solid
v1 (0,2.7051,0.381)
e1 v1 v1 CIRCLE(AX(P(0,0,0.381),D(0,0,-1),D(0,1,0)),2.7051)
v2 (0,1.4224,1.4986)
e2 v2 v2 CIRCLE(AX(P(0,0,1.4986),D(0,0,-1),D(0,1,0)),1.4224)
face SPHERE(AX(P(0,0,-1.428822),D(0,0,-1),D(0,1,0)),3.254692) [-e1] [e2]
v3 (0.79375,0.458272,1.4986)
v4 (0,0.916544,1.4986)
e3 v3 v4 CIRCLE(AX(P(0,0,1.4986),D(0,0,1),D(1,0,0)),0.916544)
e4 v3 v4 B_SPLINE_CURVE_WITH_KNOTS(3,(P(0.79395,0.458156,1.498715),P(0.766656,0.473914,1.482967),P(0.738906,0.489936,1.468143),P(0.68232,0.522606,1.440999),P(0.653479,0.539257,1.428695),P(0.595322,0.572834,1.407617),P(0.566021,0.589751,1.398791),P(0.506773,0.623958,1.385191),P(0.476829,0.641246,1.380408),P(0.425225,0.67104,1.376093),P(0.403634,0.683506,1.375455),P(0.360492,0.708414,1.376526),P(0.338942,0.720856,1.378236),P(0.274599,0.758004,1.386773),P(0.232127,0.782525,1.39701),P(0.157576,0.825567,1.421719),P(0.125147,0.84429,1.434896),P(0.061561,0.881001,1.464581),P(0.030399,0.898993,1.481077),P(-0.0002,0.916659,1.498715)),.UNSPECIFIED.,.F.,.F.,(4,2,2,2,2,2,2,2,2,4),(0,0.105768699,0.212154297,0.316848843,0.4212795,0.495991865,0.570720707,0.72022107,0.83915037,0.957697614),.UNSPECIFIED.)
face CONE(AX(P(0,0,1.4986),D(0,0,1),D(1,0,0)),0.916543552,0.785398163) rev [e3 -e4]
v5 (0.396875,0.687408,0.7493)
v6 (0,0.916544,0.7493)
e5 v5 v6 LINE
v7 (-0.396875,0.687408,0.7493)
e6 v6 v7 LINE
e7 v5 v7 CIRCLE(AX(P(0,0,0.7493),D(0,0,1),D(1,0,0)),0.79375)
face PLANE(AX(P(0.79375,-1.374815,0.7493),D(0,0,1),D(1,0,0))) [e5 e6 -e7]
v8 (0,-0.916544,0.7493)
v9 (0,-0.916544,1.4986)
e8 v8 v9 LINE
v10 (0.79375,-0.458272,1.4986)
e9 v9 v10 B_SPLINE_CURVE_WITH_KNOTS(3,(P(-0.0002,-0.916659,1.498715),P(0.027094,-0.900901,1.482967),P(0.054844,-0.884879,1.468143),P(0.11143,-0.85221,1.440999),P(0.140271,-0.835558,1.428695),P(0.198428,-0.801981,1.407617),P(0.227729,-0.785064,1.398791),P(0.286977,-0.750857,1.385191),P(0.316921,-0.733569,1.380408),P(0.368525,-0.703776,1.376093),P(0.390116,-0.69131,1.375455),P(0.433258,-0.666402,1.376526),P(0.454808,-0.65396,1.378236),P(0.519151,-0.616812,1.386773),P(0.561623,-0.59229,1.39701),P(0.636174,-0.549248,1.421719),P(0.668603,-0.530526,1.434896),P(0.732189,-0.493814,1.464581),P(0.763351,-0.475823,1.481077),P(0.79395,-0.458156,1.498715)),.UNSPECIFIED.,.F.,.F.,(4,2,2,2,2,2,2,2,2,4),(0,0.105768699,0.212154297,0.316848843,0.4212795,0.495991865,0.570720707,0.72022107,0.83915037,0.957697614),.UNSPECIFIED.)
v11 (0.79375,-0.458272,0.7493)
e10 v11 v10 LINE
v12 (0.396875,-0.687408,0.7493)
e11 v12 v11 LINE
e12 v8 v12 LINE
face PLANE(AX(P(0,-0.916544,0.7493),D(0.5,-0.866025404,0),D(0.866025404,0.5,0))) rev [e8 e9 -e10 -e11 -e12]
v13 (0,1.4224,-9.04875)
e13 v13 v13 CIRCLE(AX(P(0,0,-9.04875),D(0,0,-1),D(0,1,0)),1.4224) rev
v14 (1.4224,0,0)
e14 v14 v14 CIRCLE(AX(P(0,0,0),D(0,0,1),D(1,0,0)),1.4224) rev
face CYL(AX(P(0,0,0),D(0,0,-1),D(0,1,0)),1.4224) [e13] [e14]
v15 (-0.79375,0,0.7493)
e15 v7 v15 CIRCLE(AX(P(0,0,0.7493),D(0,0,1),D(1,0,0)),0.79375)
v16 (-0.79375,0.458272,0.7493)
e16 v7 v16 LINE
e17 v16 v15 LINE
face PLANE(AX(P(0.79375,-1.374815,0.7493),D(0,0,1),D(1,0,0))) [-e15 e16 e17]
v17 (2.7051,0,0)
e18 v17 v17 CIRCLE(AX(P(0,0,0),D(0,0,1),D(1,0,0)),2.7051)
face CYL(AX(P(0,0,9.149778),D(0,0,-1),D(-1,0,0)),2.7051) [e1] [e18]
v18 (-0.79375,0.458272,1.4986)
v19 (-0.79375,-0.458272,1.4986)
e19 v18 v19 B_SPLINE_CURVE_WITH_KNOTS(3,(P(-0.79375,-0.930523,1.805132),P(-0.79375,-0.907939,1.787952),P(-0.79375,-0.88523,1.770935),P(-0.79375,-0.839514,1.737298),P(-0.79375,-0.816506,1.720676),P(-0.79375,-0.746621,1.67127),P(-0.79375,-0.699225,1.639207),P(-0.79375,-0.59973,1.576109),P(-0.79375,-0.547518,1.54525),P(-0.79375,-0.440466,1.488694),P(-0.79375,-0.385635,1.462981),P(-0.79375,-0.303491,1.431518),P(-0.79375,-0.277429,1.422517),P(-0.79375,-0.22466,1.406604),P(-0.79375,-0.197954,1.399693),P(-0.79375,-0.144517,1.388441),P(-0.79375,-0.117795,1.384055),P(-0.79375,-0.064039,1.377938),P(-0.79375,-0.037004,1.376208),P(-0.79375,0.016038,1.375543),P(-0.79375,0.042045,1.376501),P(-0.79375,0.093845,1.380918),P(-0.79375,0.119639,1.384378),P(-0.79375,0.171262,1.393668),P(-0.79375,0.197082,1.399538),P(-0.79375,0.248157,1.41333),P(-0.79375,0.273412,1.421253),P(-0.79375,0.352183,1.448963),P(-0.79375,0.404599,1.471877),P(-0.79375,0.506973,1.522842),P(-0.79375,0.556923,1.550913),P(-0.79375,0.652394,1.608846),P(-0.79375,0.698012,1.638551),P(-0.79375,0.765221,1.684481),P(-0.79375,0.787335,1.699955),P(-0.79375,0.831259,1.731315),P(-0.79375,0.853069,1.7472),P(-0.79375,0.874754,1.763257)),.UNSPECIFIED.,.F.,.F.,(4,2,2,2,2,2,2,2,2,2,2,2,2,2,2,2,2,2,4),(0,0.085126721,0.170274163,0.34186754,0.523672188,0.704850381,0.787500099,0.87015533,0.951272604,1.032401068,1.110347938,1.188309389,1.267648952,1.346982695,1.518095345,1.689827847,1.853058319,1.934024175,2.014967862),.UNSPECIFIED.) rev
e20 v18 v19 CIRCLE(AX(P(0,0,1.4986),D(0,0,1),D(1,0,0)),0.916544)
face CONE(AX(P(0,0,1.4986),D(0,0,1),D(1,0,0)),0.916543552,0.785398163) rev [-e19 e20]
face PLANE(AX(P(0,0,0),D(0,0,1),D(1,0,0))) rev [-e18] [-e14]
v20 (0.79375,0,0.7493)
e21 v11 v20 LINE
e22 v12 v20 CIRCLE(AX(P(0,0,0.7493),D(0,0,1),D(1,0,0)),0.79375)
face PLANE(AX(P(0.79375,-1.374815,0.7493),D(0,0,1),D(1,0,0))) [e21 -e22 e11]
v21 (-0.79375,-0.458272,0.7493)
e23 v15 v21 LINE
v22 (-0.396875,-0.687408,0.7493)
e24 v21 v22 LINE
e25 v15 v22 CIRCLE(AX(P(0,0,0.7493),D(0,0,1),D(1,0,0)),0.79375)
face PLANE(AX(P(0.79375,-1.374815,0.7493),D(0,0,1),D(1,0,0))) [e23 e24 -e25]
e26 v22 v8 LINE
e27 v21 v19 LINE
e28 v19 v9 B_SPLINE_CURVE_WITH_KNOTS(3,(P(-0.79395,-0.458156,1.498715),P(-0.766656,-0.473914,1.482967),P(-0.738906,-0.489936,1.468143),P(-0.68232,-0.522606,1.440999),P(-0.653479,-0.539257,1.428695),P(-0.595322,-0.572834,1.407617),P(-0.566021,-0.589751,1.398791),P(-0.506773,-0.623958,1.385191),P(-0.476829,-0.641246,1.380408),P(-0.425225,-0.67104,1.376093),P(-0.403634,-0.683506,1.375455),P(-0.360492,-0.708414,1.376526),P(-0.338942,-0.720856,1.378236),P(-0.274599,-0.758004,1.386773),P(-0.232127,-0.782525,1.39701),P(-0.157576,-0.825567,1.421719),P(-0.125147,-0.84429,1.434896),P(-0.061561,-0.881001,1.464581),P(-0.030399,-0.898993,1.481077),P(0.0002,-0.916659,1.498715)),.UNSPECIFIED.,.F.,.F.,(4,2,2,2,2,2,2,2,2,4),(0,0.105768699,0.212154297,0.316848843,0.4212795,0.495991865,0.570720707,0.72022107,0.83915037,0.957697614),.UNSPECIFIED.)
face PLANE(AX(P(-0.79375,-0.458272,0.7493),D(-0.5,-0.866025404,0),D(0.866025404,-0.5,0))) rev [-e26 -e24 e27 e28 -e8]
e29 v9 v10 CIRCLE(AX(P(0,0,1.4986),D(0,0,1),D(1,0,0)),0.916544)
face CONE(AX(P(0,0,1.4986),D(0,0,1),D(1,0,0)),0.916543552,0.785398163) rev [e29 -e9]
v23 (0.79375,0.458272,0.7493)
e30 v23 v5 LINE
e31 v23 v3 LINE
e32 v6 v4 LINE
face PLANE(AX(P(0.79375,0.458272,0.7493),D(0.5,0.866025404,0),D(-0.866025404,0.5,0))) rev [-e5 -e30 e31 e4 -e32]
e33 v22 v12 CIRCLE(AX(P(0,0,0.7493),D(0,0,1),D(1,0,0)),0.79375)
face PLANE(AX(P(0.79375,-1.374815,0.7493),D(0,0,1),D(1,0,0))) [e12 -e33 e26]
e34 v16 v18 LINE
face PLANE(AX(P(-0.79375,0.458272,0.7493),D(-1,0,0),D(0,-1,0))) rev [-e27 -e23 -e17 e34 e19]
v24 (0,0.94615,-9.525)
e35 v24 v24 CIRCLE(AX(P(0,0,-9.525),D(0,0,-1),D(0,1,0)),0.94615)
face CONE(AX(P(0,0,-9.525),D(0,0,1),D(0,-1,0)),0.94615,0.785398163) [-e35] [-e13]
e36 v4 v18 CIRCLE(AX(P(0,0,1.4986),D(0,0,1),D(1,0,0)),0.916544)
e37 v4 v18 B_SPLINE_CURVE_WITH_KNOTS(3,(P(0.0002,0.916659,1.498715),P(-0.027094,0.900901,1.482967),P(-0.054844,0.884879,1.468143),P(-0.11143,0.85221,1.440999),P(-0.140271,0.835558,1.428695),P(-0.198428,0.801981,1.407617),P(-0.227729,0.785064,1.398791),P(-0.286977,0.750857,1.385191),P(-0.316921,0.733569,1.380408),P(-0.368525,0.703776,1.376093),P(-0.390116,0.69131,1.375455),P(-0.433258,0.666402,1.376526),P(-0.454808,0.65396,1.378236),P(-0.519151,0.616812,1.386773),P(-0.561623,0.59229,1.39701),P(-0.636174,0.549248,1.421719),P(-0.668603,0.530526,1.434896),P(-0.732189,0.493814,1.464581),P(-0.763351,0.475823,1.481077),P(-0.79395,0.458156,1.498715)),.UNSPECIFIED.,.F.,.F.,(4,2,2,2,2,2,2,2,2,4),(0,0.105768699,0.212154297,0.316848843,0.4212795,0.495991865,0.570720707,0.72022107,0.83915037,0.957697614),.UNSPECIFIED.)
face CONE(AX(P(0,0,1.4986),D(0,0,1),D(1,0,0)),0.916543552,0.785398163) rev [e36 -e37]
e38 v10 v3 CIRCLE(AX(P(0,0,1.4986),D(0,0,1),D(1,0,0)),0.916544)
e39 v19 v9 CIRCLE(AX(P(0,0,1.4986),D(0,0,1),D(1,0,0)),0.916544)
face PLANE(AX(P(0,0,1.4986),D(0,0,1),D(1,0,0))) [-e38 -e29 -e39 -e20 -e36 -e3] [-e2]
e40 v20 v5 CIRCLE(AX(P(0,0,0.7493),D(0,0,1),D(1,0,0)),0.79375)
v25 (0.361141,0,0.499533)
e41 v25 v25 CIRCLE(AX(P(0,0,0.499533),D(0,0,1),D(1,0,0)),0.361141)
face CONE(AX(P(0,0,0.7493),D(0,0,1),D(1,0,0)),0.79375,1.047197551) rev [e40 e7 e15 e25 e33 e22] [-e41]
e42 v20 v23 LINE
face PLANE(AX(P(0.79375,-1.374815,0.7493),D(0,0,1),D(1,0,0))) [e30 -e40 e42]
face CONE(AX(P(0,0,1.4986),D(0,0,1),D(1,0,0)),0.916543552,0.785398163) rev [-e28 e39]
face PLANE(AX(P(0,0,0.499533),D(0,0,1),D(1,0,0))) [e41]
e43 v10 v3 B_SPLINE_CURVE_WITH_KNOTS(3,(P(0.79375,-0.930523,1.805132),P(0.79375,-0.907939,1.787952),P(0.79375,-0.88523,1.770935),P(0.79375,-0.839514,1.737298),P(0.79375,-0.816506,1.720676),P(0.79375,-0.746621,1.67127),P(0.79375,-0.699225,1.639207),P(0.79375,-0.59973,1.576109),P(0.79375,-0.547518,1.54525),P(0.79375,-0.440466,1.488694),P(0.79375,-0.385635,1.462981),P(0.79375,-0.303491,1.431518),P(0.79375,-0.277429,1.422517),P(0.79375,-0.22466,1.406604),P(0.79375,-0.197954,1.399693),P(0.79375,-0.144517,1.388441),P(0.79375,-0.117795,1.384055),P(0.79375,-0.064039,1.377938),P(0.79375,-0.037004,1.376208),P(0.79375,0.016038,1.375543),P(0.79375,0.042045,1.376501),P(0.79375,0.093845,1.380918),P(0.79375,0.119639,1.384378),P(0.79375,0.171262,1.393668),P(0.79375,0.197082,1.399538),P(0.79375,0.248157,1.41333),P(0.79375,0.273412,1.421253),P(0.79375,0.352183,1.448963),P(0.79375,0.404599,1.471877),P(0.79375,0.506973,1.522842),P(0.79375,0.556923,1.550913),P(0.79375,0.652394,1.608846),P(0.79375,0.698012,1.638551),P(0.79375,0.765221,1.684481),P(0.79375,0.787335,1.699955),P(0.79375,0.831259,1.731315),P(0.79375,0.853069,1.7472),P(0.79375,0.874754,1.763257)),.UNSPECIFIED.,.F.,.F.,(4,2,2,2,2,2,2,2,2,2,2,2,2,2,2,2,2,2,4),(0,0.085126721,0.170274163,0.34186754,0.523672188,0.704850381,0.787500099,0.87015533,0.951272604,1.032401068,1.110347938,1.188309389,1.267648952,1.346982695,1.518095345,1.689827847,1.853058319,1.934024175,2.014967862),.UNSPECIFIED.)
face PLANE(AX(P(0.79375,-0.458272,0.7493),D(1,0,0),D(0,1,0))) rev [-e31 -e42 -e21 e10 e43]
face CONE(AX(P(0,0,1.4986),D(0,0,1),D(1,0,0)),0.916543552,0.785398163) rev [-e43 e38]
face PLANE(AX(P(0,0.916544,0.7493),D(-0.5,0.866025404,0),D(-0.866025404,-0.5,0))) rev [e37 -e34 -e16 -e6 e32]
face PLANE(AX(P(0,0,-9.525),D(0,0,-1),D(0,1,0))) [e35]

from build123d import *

# Parameters (mm, degrees)
SKETCH1_W          = 9.525
SKETCH1_H          = 1.4224
CHAMFER1_SIZE      = 0.47625
SKETCH4_R          = 2.7051
EXTRUDE1_DEPTH     = 1.4986
CUT_EXTRUDE1_DEPTH = 0.7493
SKETCH7_R          = 0.916543552
CUT_EXTRUDE4_DEPTH = 0.7493
CUT_EXTRUDE4_TAPER = 45
SKETCH8_R          = 0.79375
CUT_EXTRUDE5_DEPTH = 0.249766667
CUT_EXTRUDE5_TAPER = 60


with BuildPart() as part:
    # Sketch1 → Revolve1 (revolve)
    with BuildSketch(Plane(origin=(0, 0, 0), x_dir=(0, 0, -1), z_dir=(1, 0, 0))):
        with Locations((4.7625, 0.7112)):
            Rectangle(SKETCH1_W, SKETCH1_H)
    revolve(axis=Axis((0, 0, 0), (0, 0, 1)))

    # Chamfer1
    chamfer1_edges = [part.edges().sort_by_distance(p)[0] for p in [
        (0, -1.4224, -9.525),
    ]]
    chamfer(chamfer1_edges, length=CHAMFER1_SIZE)

    # Sketch4 → Extrude1 (add)
    with BuildSketch(Plane.XY):
        Circle(SKETCH4_R)
    extrude(amount=EXTRUDE1_DEPTH)

    # Sketch9 → Cut-Revolve3 (revolve, cut)
    with BuildSketch(Plane(origin=(0, 0, 0), x_dir=(0, 0, -1), z_dir=(1, 0, 0))):
        with BuildLine():
            Line((0, 2.7051), (-0.381, 2.7051))
            ThreePointArc((-0.381, 2.7051), (-1.025093234, 2.138064897), (-1.4986, 1.4224))
            Line((-1.4986, 1.4224), (-1.8796, 1.4224))
            Line((-1.8796, 1.4224), (-1.8796, 3.0861))
            Line((-1.8796, 3.0861), (0, 3.0861))
            Line((0, 3.0861), (0, 2.7051))
        make_face()
    revolve(axis=Axis((0, 0, 0), (0, 0, 1)), mode=Mode.SUBTRACT)

    # Sketch6 → Cut-Extrude1 (cut)
    with BuildSketch(Plane.XY.offset(1.4986)):
        Polygon((0, -0.916543552), (0.79375, -0.458271776), (0.79375, 0.458271776), (0, 0.916543552), (-0.79375, 0.458271776), (-0.79375, -0.458271776), align=None)
    extrude(amount=-CUT_EXTRUDE1_DEPTH, mode=Mode.SUBTRACT)

    # Sketch7 → Cut-Extrude4 (cut)
    with BuildSketch(Plane.XY.offset(1.4986)):
        Circle(SKETCH7_R)
    extrude(amount=-CUT_EXTRUDE4_DEPTH, taper=CUT_EXTRUDE4_TAPER, mode=Mode.SUBTRACT)

    # Sketch8 → Cut-Extrude5 (cut)
    with BuildSketch(Plane.XY.offset(0.7493)):
        Circle(SKETCH8_R)
    extrude(amount=-CUT_EXTRUDE5_DEPTH, taper=CUT_EXTRUDE5_TAPER, mode=Mode.SUBTRACT)


solid = part.part
